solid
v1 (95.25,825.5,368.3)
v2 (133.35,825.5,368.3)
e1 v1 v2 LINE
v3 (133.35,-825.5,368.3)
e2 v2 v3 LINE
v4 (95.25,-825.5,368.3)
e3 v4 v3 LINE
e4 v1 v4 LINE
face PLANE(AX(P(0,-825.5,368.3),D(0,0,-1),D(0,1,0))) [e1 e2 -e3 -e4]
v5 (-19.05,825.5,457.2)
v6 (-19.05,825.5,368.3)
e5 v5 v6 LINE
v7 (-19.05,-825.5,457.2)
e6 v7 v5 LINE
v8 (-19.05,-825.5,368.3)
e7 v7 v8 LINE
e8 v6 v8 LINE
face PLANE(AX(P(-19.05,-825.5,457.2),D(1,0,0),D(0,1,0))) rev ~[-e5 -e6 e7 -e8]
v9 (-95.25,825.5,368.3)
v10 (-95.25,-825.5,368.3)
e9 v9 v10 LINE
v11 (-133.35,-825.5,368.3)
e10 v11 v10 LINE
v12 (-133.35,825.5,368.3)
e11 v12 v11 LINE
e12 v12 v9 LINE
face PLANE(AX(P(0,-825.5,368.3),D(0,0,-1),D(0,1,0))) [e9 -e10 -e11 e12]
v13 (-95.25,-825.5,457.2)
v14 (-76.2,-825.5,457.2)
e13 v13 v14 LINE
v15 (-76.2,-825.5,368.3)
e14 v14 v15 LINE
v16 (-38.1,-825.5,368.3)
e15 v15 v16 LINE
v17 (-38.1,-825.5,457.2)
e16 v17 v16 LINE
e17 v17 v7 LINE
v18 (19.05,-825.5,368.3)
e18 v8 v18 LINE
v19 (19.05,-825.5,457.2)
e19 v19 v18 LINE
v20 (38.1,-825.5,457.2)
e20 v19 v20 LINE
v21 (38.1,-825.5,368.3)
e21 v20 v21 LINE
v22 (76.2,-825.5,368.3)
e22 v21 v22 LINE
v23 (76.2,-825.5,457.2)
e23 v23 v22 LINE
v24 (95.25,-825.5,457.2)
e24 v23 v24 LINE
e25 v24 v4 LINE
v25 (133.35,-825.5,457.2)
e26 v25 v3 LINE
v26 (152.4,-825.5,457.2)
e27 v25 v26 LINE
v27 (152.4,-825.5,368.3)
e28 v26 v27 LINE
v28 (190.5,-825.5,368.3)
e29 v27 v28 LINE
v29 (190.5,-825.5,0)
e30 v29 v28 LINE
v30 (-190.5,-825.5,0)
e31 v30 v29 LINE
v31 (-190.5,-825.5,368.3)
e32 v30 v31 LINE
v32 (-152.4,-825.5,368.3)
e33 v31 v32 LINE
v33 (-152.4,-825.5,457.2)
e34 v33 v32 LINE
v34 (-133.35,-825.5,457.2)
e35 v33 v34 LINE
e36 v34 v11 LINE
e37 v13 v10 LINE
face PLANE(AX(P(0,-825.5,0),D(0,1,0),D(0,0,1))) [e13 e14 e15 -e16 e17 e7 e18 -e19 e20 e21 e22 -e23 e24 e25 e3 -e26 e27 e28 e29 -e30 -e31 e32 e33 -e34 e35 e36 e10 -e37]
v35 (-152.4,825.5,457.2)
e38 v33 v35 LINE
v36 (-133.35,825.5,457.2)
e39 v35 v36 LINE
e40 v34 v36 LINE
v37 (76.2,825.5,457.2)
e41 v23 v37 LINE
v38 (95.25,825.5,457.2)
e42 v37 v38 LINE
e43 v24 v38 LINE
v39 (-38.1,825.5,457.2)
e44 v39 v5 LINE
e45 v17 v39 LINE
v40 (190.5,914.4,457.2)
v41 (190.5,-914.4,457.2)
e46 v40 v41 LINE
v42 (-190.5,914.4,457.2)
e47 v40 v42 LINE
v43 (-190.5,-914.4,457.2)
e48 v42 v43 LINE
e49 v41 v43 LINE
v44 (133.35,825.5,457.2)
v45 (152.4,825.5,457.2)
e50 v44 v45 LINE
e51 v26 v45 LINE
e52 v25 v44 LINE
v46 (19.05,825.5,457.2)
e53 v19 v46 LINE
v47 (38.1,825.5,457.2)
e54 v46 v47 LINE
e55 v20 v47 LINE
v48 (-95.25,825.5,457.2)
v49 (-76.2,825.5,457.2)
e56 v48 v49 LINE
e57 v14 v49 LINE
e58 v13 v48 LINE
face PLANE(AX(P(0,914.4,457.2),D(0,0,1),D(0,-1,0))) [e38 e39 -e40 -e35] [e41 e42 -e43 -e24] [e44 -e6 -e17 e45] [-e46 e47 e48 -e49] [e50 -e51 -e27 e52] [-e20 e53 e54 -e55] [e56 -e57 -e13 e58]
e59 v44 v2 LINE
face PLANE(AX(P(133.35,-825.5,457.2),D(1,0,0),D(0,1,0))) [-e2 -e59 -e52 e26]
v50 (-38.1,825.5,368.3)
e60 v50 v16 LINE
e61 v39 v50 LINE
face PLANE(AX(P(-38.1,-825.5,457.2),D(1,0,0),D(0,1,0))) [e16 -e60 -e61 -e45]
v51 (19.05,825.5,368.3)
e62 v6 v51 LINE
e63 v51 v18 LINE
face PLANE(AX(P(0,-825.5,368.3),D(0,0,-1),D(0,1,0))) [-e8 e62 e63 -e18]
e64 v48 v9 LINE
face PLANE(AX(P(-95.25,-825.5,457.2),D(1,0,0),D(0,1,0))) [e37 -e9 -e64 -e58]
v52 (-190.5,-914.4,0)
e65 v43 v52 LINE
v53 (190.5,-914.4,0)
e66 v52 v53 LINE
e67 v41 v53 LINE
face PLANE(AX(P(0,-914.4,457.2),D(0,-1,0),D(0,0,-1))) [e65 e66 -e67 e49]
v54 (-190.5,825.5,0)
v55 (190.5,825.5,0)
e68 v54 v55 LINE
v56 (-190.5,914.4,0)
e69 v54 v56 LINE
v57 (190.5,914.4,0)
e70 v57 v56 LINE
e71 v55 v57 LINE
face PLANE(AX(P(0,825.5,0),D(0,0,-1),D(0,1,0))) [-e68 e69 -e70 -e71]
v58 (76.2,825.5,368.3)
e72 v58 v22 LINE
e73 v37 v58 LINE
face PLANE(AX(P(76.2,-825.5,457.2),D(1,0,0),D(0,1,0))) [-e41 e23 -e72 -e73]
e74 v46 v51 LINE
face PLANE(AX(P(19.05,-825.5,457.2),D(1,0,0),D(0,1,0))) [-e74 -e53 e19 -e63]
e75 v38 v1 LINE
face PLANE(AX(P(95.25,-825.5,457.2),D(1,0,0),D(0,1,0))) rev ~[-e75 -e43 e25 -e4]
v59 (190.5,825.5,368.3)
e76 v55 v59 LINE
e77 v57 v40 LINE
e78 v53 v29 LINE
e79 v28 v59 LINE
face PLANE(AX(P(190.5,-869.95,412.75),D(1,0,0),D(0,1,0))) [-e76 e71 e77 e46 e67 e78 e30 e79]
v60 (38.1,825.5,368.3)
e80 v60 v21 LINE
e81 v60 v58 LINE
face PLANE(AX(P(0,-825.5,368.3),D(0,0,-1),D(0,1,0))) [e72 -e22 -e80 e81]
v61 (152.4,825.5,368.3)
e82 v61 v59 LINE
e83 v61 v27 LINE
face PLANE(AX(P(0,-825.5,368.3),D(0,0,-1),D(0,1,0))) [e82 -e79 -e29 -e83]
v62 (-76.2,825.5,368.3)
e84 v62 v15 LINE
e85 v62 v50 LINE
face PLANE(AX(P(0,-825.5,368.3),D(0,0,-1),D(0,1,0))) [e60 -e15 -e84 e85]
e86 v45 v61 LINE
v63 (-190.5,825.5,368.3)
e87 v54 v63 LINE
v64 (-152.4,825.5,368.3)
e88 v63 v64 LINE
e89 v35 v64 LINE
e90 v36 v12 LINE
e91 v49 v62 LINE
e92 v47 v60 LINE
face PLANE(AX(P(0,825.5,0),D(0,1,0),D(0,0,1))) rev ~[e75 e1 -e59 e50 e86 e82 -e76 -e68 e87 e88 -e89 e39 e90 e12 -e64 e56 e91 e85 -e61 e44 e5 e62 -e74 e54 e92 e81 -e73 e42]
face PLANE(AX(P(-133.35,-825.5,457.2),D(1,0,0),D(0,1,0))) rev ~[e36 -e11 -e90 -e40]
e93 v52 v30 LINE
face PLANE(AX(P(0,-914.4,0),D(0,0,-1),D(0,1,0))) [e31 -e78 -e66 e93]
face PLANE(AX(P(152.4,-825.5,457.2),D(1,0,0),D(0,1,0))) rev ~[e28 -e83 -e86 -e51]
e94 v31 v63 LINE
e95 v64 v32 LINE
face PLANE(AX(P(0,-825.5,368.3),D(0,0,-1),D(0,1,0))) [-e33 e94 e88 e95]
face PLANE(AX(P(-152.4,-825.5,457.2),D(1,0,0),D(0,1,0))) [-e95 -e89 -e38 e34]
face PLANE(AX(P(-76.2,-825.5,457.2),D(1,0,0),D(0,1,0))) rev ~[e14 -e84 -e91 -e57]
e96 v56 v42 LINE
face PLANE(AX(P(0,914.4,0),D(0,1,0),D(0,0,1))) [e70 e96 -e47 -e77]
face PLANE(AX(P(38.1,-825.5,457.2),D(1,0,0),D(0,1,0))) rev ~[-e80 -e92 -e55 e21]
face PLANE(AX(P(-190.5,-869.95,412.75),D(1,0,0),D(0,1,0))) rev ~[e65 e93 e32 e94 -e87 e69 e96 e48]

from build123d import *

# Parameters (mm, degrees)
F0_W     = 88.9
F0_H     = 88.9
F0_H_2   = 368.3
F0_W_2   = 1651
F1_DEPTH = 190.5
F2_W     = 19.05
F2_H     = 1651
F3_DEPTH = 101.6


with BuildPart() as f1:
    # F0 (on Right) → F1 (new body, symmetric)
    with BuildSketch(Plane.YZ):
        with Locations((-869.95, 412.75)):
            Rectangle(F0_W, F0_H)
        with Locations((-869.95, 184.15)):
            Rectangle(F0_W, F0_H_2)
        with Locations((0, 412.75)):
            Rectangle(F0_W_2, F0_H)
        with Locations((869.95, 412.75)):
            Rectangle(F0_W, F0_H)
        with Locations((869.95, 184.15)):
            Rectangle(F0_W, F0_H_2)
    extrude(amount=F1_DEPTH, both=True)

    # F2 (on face) → F3 (cut)
    with BuildSketch(Plane.XY.offset(457.2)):
        with Locations((-85.725, 0)):
            Rectangle(F2_W, F2_H)
        with Locations((-28.575, 0)):
            Rectangle(F2_W, F2_H)
        with Locations((28.575, 0)):
            Rectangle(F2_W, F2_H)
        with Locations((85.725, 0)):
            Rectangle(F2_W, F2_H)
        with Locations((142.875, 0)):
            Rectangle(F2_W, F2_H)
        with Locations((-142.875, 0)):
            Rectangle(F2_W, F2_H)
    extrude(amount=-F3_DEPTH, mode=Mode.SUBTRACT)


solid = f1.part
